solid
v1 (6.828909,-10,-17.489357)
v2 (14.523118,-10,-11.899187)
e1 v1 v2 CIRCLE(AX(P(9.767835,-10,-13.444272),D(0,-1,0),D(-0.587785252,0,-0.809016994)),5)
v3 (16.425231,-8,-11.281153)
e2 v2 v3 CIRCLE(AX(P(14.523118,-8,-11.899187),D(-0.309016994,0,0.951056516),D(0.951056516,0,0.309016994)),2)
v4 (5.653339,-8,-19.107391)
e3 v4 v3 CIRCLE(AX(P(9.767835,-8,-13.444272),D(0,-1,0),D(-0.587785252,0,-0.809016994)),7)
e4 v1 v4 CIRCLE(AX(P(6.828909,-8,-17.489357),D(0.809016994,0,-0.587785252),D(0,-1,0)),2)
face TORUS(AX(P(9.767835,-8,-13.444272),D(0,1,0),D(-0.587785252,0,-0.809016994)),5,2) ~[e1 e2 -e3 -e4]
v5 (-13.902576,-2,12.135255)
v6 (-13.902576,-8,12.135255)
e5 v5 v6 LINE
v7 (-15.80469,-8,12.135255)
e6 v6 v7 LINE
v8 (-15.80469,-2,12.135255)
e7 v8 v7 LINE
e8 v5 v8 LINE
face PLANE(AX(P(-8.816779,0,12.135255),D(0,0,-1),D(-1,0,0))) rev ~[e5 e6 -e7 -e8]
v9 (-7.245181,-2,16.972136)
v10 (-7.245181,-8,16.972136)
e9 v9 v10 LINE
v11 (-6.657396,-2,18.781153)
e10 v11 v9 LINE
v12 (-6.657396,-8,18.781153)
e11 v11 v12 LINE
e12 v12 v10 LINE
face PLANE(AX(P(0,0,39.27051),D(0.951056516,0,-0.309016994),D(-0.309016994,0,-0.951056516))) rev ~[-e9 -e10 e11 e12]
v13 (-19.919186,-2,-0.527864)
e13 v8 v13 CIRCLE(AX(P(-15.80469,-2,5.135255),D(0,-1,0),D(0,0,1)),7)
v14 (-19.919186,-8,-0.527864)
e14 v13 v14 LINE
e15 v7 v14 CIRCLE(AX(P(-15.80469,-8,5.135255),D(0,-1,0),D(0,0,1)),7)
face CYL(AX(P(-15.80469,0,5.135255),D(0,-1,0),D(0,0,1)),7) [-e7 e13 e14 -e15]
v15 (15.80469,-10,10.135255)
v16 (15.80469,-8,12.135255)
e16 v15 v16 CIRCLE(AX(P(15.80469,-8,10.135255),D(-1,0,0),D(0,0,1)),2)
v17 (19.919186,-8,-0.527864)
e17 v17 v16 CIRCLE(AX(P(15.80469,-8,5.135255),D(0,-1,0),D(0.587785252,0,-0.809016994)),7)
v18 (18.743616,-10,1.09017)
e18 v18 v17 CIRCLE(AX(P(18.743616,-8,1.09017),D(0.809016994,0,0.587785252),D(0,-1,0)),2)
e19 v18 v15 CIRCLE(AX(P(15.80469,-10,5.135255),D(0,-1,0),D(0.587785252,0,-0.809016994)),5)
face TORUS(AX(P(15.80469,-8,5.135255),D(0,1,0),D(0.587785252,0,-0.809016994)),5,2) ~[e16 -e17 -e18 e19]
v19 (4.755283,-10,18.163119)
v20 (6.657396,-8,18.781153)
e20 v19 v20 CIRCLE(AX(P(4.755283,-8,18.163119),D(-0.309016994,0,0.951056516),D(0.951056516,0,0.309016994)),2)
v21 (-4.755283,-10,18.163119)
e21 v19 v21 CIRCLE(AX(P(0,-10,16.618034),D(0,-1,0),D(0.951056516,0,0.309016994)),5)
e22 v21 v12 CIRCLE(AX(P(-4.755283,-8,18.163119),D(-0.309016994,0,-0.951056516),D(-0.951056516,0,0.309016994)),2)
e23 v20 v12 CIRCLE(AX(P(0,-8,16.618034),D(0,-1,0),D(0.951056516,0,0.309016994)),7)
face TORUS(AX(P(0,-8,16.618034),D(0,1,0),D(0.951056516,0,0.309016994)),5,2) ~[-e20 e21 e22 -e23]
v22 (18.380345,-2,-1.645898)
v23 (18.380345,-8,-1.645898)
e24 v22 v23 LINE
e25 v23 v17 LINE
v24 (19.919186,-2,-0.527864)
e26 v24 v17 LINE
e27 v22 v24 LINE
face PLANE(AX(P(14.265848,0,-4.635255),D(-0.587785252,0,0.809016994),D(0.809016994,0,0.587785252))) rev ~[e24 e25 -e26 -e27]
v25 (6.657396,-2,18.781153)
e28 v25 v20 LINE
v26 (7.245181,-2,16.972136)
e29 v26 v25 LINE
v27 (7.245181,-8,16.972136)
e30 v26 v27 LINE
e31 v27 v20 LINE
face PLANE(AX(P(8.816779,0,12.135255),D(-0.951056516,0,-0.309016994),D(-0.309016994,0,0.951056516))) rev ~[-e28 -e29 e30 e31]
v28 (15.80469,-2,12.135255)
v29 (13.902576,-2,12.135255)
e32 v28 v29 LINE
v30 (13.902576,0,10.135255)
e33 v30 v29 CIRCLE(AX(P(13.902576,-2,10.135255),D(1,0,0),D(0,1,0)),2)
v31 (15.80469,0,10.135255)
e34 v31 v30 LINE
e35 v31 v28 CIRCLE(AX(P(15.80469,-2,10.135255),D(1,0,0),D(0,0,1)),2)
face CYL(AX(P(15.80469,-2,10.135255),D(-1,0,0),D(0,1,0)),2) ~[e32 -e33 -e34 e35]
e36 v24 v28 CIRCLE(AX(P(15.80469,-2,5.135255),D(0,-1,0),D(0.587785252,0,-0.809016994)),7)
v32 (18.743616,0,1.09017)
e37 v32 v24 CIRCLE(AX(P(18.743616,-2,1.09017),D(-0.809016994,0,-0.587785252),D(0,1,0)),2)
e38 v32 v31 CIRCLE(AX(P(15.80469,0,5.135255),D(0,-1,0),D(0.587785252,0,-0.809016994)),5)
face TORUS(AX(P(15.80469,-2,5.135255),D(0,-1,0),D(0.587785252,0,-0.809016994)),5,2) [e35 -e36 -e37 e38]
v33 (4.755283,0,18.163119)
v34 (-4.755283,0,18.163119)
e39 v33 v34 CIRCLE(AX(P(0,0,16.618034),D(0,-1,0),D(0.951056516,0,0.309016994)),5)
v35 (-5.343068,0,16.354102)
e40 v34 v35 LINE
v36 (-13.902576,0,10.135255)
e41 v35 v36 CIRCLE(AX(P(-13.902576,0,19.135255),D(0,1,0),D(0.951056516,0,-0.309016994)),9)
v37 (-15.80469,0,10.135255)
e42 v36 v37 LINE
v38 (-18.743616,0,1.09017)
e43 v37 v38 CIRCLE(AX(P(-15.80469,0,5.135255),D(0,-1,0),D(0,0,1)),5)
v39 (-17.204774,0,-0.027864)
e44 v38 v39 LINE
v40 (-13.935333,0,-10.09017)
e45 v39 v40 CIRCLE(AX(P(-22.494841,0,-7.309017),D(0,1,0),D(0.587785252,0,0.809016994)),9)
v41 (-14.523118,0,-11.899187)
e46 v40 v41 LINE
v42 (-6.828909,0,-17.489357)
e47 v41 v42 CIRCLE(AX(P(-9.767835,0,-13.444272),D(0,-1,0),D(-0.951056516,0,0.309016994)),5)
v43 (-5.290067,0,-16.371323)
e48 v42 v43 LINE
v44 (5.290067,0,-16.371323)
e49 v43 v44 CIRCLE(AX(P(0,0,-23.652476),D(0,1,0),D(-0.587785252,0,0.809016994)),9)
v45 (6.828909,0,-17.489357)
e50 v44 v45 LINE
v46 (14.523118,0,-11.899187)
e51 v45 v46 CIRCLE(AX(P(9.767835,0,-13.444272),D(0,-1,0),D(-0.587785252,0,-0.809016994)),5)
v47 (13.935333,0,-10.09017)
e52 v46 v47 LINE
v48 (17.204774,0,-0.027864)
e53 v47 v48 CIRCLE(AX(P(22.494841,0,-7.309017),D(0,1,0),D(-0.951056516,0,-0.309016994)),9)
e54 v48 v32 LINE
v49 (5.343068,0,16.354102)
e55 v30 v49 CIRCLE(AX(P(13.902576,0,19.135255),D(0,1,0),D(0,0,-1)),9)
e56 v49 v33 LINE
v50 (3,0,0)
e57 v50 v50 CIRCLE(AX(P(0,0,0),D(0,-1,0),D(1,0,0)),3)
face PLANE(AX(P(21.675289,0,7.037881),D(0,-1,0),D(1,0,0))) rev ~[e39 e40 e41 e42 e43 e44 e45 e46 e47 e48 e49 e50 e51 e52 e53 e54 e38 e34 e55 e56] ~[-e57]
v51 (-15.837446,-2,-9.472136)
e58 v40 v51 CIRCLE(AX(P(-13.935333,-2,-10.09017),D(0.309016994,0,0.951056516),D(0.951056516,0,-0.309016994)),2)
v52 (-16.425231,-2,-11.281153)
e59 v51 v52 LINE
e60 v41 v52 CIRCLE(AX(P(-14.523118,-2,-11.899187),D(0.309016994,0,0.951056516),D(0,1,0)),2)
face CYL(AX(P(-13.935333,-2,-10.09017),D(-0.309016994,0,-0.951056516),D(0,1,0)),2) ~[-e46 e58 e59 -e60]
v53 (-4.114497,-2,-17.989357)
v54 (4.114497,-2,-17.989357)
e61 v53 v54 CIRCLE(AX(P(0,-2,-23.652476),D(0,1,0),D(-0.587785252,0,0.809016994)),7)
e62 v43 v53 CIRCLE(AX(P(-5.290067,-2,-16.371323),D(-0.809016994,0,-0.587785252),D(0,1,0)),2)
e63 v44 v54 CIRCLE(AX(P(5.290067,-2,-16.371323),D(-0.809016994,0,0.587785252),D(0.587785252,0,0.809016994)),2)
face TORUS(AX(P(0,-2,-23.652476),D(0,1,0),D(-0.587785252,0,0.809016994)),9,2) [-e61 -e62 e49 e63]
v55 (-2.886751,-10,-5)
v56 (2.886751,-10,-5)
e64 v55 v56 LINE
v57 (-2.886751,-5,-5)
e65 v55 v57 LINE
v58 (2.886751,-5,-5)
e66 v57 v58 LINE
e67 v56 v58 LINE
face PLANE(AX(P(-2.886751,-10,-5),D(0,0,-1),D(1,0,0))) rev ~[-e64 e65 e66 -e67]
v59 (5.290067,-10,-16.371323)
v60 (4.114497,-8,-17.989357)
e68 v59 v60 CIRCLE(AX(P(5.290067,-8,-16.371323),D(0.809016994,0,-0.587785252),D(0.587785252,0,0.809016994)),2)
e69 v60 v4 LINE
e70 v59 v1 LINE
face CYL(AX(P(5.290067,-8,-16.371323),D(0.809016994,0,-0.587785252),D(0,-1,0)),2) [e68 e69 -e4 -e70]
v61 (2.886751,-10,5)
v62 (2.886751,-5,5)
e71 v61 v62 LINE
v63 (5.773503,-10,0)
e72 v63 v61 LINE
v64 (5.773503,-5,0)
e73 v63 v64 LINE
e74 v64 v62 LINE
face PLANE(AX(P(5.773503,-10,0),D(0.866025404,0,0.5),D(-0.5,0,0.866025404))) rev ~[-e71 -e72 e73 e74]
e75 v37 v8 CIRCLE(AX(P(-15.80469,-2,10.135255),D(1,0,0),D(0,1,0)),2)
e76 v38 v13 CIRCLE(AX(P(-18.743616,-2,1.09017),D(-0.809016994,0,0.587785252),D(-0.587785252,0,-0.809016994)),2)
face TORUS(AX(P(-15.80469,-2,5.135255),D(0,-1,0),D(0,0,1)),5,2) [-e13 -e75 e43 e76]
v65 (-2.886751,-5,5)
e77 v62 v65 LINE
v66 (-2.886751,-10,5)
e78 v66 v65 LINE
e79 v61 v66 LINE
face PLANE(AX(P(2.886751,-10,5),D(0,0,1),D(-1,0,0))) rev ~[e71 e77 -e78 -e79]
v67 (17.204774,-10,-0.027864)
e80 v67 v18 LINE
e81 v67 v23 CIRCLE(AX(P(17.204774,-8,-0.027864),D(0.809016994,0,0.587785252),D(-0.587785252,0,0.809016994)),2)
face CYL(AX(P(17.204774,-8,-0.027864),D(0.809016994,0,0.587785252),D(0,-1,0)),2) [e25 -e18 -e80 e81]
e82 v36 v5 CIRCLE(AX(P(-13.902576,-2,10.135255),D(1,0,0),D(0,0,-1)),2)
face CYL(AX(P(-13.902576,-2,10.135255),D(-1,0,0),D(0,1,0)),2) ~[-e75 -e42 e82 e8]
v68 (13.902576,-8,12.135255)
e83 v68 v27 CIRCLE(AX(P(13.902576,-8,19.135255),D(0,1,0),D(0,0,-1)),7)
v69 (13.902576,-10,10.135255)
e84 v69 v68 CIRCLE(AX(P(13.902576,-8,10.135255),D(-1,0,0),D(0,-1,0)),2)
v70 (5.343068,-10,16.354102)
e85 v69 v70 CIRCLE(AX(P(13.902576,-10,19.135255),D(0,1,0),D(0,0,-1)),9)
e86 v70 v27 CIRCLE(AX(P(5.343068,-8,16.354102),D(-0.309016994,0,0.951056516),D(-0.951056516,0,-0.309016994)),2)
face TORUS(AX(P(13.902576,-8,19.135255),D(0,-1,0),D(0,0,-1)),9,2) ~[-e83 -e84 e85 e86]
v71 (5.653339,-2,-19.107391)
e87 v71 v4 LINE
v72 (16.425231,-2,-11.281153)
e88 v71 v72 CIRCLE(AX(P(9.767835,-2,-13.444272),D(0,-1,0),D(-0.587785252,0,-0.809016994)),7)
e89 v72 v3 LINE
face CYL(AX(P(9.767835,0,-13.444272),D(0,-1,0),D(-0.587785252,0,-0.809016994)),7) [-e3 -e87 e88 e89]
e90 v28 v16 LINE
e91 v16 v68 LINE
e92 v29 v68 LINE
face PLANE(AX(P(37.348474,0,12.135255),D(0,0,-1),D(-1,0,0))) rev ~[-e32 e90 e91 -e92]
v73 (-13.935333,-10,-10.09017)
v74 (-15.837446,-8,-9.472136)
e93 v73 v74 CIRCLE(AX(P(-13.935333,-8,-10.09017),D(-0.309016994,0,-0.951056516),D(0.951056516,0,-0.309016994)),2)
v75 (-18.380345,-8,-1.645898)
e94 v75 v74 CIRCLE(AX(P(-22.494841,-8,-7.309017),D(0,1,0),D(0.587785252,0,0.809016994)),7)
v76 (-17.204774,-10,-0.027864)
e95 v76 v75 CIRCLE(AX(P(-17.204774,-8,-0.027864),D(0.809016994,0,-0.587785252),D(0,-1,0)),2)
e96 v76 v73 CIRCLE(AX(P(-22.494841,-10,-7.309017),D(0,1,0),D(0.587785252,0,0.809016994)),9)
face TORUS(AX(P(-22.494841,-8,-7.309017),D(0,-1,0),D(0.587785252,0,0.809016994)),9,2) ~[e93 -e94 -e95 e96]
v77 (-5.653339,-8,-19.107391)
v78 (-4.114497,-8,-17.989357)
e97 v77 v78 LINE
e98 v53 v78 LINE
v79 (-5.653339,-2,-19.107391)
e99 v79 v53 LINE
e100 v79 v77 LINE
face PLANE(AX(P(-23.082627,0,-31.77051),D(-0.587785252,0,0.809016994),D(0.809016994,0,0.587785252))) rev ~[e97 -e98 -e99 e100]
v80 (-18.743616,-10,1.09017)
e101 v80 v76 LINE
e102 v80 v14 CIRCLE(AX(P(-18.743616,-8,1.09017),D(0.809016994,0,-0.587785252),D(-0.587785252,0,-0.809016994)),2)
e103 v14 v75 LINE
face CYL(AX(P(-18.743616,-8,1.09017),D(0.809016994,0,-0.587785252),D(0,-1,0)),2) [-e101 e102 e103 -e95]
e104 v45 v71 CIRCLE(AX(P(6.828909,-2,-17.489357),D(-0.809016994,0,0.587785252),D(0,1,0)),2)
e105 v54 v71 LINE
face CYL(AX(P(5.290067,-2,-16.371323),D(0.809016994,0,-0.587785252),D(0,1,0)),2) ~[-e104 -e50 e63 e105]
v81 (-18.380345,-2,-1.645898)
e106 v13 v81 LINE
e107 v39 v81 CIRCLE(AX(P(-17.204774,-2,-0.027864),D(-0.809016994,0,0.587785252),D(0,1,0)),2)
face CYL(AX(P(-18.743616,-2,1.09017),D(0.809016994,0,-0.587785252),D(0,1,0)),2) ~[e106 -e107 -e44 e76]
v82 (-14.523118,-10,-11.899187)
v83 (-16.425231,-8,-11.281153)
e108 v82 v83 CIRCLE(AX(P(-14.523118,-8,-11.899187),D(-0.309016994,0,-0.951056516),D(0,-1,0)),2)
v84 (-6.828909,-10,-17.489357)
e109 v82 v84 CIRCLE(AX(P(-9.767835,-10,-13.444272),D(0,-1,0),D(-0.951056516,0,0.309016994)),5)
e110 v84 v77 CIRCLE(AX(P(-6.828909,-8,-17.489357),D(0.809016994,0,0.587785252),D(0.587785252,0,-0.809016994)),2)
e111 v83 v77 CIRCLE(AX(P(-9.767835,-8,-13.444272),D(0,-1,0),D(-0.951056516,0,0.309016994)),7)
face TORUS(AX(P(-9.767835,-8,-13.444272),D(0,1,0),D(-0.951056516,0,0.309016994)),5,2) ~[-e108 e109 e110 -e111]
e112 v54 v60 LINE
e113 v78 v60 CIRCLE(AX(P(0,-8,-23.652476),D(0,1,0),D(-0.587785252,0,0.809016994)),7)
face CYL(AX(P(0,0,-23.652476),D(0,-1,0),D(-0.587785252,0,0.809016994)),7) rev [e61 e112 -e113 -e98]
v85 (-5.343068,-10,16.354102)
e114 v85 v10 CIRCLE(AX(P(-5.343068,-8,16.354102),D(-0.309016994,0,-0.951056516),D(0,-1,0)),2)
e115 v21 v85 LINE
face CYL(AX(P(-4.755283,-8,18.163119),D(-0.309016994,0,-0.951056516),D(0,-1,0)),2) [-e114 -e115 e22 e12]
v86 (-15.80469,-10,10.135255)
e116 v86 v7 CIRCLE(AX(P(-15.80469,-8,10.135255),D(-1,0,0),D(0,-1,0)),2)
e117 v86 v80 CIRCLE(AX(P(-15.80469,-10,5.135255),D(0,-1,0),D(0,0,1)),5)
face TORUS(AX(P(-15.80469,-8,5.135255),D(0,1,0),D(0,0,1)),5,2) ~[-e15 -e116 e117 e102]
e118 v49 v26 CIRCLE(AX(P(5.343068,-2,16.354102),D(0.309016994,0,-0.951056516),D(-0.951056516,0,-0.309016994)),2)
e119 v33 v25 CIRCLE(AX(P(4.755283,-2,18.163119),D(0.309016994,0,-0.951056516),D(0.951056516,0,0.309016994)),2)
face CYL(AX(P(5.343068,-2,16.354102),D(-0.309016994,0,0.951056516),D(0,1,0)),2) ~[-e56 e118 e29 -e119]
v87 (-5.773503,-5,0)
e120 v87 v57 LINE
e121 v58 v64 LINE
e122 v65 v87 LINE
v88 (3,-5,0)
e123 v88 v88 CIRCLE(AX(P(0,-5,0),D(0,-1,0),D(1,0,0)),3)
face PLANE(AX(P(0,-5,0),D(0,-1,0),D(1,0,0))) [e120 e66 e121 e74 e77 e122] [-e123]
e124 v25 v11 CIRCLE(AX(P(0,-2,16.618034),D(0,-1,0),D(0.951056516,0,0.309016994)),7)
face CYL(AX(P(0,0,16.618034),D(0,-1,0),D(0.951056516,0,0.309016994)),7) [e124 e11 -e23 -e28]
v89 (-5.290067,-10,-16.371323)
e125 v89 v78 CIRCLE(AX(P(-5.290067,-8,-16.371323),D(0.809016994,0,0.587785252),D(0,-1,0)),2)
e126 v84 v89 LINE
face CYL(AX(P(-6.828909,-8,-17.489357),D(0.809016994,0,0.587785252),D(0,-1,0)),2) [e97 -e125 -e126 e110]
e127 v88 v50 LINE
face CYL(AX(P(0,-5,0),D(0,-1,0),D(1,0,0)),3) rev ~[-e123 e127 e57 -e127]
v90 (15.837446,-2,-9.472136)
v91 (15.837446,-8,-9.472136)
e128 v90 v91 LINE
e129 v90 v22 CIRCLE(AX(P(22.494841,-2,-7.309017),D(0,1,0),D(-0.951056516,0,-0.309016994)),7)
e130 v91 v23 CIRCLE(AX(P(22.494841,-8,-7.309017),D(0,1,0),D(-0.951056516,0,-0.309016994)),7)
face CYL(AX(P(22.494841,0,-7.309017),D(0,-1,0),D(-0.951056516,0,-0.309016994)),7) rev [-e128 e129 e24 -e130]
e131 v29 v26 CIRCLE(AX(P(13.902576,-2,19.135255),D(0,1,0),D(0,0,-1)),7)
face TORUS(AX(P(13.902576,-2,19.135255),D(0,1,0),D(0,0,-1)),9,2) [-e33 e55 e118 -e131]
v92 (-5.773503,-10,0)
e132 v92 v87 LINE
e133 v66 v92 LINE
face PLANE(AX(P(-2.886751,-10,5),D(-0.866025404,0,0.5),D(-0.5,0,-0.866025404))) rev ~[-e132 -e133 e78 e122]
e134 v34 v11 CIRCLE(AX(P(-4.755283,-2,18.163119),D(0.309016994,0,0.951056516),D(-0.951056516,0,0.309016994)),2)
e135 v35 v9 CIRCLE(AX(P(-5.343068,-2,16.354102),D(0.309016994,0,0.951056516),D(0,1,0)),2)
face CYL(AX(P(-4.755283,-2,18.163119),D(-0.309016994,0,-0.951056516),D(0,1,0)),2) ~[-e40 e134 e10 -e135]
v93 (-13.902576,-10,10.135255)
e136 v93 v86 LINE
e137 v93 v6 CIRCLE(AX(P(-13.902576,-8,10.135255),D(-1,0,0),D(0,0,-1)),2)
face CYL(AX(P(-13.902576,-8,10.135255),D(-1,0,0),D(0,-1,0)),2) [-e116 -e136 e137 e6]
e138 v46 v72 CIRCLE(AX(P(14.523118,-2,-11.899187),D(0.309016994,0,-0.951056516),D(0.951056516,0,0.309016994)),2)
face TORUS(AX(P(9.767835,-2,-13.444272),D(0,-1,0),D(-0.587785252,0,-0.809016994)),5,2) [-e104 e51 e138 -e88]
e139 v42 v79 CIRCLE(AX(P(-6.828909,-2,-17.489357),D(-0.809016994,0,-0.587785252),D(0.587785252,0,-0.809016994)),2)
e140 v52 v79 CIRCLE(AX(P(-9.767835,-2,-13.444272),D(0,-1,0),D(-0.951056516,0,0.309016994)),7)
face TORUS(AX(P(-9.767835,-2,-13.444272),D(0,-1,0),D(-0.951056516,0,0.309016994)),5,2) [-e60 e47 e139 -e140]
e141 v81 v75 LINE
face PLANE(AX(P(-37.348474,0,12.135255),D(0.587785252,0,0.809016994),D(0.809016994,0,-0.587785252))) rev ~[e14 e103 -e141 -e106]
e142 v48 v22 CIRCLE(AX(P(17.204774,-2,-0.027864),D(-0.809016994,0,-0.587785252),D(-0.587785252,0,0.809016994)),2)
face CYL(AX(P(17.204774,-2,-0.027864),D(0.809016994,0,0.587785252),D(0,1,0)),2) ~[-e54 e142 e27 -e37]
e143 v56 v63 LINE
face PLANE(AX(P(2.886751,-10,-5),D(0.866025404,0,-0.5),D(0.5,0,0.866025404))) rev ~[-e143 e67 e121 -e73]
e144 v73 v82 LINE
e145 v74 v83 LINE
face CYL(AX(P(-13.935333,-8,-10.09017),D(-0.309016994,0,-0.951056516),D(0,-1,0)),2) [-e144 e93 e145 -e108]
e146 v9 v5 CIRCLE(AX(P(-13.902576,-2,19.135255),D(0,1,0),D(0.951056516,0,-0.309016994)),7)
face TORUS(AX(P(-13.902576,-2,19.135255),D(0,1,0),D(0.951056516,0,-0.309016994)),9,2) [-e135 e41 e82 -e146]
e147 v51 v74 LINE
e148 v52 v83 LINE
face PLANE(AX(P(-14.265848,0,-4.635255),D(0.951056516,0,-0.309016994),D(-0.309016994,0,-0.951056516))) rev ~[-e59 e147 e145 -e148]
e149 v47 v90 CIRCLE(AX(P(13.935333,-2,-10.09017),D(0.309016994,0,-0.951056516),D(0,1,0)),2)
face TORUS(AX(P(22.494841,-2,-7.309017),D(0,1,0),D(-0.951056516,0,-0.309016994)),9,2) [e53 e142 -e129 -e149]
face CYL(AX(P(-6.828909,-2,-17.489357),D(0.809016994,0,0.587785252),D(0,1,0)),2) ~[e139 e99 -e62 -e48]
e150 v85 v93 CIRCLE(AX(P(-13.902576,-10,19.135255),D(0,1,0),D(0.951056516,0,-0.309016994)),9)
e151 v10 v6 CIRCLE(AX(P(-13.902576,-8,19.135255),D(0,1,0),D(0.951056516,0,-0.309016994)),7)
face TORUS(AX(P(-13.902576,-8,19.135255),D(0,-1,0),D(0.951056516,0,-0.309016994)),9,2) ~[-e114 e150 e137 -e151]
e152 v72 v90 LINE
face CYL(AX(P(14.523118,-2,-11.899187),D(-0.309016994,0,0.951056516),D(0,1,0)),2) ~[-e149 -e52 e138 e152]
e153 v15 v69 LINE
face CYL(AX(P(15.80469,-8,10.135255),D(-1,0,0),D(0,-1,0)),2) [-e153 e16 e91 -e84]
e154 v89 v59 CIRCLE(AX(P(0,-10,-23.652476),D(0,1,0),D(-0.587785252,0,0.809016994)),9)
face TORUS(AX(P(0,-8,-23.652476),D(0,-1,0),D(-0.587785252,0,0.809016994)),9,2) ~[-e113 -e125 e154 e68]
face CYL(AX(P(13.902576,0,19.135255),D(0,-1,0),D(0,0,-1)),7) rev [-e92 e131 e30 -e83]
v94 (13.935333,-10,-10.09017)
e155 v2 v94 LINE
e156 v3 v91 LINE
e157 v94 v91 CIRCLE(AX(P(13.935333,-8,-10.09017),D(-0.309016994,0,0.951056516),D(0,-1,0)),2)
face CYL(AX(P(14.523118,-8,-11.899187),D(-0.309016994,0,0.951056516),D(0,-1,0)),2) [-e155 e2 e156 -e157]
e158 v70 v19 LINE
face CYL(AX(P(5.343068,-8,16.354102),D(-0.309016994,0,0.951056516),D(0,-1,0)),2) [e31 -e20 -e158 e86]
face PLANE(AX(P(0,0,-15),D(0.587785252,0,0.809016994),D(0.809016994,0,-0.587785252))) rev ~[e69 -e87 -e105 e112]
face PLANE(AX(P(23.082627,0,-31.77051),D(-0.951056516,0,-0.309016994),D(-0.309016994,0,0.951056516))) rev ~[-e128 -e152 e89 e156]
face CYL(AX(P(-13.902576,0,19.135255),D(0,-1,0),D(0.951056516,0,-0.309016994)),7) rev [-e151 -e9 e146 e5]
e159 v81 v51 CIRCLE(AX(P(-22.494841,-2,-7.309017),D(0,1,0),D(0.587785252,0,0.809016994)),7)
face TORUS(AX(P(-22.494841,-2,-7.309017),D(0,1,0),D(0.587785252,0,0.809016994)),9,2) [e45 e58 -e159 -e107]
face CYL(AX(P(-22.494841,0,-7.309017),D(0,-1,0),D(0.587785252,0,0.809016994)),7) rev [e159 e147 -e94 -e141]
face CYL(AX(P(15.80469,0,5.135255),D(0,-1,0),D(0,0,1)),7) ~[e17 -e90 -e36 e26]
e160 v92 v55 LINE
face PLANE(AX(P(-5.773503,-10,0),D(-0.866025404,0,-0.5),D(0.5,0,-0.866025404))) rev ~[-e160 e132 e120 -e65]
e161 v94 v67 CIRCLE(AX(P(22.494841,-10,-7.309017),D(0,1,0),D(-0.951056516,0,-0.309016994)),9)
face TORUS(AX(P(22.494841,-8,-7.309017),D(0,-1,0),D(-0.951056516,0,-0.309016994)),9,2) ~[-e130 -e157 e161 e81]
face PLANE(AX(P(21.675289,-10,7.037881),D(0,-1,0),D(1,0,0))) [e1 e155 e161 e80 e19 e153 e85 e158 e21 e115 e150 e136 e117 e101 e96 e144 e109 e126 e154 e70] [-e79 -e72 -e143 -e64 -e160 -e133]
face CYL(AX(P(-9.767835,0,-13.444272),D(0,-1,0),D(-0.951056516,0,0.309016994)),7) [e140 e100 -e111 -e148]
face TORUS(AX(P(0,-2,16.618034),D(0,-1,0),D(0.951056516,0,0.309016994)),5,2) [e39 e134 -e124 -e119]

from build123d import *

# Parameters (mm, degrees)
F1_DEPTH = 10
F2_R     = 7
F4_DEPTH = 5
F5_R     = 3
F6_DEPTH = 5
F7_R     = 2


with BuildPart() as f1:
    # F0 (on Front) → F1 (new body)
    with BuildSketch(Plane.XZ):
        with BuildLine():
            Line((37.3484742732, 12.1352549156), (8.8167787844, 12.1352549156))
            ThreePointArc((8.8167787844, 12.1352549156), (13.3650978628, 6.8098574961), (15, 0))
            ThreePointArc((15, 0), (14.8153251089, -2.3465169756), (14.2658477444, -4.6352549156))
            Line((14.2658477444, -4.6352549156), (37.3484742732, 12.1352549156))
        make_face()
        with BuildLine():
            Line((8.8167787844, 12.1352549156), (0, 39.2705098312))
            Line((0, 39.2705098312), (-8.8167787844, 12.1352549156))
            ThreePointArc((-8.8167787844, 12.1352549156), (0, 15), (8.8167787844, 12.1352549156))
        make_face()
        with BuildLine():
            ThreePointArc((-14.2658477444, -4.6352549156), (-14.2658477444, 4.6352549156), (-8.8167787844, 12.1352549156))
            Line((-8.8167787844, 12.1352549156), (-37.3484742732, 12.1352549156))
            Line((-37.3484742732, 12.1352549156), (-14.2658477444, -4.6352549156))
        make_face()
        with BuildLine():
            ThreePointArc((8.8167787844, 12.1352549156), (0, 15), (-8.8167787844, 12.1352549156))
            ThreePointArc((-8.8167787844, 12.1352549156), (-14.2658477444, 4.6352549156), (-14.2658477444, -4.6352549156))
            ThreePointArc((-14.2658477444, -4.6352549156), (-8.8167787844, -12.1352549156), (0, -15))
            ThreePointArc((0, -15), (8.8167787844, -12.1352549156), (14.2658477444, -4.6352549156))
            ThreePointArc((14.2658477444, -4.6352549156), (14.8153251089, -2.3465169756), (15, 0))
            ThreePointArc((15, 0), (13.3650978628, 6.8098574961), (8.8167787844, 12.1352549156))
        make_face()
        with BuildLine():
            ThreePointArc((0, -15), (-8.8167787844, -12.1352549156), (-14.2658477444, -4.6352549156))
            Line((-14.2658477444, -4.6352549156), (-23.0826265288, -31.7705098312))
            Line((-23.0826265288, -31.7705098312), (0, -15))
        make_face()
        with BuildLine():
            ThreePointArc((14.2658477444, -4.6352549156), (8.8167787844, -12.1352549156), (0, -15))
            Line((0, -15), (23.0826265288, -31.7705098312))
            Line((23.0826265288, -31.7705098312), (14.2658477444, -4.6352549156))
        make_face()
    extrude(amount=F1_DEPTH)

    # F2
    f2_edges = [f1.edges().sort_by_distance(p)[0] for p in [
        (0, -5, 39.27051),
        (37.348474, -5, 12.135255),
        (23.082627, -5, -31.77051),
        (-37.348474, -5, 12.135255),
        (-23.082627, -5, -31.77051),
        (-14.265848, -5, -4.635255),
        (0, -5, -15),
        (14.265848, -5, -4.635255),
        (8.816779, -5, 12.135255),
        (-8.816779, -5, 12.135255),
    ]]
    fillet(f2_edges, radius=F2_R)

    # F3 (on face) → F4 (cut)
    with BuildSketch(Plane.XZ.offset(10)):
        Polygon((2.8867513459, 5), (-2.8867513459, 5), (-5.7735026919, 0), (-2.8867513459, -5), (2.8867513459, -5), (5.7735026919, 0), align=None)
    extrude(amount=-F4_DEPTH, mode=Mode.SUBTRACT)

    # F5 (on face) → F6 (cut, through all)
    with BuildSketch(Plane.XZ.offset(5)):
        Circle(F5_R)
    extrude(amount=-F6_DEPTH, mode=Mode.SUBTRACT)

    # F7
    f7_edges = [f1.edges().sort_by_distance(p)[0] for p in [
        (0, -10, 23.618034),
        (9.78808, -10, 13.472136),
        (0, 0, 23.618034),
        (6.951288, 0, 17.876644),
    ]]
    fillet(f7_edges, radius=F7_R)


solid = f1.part
